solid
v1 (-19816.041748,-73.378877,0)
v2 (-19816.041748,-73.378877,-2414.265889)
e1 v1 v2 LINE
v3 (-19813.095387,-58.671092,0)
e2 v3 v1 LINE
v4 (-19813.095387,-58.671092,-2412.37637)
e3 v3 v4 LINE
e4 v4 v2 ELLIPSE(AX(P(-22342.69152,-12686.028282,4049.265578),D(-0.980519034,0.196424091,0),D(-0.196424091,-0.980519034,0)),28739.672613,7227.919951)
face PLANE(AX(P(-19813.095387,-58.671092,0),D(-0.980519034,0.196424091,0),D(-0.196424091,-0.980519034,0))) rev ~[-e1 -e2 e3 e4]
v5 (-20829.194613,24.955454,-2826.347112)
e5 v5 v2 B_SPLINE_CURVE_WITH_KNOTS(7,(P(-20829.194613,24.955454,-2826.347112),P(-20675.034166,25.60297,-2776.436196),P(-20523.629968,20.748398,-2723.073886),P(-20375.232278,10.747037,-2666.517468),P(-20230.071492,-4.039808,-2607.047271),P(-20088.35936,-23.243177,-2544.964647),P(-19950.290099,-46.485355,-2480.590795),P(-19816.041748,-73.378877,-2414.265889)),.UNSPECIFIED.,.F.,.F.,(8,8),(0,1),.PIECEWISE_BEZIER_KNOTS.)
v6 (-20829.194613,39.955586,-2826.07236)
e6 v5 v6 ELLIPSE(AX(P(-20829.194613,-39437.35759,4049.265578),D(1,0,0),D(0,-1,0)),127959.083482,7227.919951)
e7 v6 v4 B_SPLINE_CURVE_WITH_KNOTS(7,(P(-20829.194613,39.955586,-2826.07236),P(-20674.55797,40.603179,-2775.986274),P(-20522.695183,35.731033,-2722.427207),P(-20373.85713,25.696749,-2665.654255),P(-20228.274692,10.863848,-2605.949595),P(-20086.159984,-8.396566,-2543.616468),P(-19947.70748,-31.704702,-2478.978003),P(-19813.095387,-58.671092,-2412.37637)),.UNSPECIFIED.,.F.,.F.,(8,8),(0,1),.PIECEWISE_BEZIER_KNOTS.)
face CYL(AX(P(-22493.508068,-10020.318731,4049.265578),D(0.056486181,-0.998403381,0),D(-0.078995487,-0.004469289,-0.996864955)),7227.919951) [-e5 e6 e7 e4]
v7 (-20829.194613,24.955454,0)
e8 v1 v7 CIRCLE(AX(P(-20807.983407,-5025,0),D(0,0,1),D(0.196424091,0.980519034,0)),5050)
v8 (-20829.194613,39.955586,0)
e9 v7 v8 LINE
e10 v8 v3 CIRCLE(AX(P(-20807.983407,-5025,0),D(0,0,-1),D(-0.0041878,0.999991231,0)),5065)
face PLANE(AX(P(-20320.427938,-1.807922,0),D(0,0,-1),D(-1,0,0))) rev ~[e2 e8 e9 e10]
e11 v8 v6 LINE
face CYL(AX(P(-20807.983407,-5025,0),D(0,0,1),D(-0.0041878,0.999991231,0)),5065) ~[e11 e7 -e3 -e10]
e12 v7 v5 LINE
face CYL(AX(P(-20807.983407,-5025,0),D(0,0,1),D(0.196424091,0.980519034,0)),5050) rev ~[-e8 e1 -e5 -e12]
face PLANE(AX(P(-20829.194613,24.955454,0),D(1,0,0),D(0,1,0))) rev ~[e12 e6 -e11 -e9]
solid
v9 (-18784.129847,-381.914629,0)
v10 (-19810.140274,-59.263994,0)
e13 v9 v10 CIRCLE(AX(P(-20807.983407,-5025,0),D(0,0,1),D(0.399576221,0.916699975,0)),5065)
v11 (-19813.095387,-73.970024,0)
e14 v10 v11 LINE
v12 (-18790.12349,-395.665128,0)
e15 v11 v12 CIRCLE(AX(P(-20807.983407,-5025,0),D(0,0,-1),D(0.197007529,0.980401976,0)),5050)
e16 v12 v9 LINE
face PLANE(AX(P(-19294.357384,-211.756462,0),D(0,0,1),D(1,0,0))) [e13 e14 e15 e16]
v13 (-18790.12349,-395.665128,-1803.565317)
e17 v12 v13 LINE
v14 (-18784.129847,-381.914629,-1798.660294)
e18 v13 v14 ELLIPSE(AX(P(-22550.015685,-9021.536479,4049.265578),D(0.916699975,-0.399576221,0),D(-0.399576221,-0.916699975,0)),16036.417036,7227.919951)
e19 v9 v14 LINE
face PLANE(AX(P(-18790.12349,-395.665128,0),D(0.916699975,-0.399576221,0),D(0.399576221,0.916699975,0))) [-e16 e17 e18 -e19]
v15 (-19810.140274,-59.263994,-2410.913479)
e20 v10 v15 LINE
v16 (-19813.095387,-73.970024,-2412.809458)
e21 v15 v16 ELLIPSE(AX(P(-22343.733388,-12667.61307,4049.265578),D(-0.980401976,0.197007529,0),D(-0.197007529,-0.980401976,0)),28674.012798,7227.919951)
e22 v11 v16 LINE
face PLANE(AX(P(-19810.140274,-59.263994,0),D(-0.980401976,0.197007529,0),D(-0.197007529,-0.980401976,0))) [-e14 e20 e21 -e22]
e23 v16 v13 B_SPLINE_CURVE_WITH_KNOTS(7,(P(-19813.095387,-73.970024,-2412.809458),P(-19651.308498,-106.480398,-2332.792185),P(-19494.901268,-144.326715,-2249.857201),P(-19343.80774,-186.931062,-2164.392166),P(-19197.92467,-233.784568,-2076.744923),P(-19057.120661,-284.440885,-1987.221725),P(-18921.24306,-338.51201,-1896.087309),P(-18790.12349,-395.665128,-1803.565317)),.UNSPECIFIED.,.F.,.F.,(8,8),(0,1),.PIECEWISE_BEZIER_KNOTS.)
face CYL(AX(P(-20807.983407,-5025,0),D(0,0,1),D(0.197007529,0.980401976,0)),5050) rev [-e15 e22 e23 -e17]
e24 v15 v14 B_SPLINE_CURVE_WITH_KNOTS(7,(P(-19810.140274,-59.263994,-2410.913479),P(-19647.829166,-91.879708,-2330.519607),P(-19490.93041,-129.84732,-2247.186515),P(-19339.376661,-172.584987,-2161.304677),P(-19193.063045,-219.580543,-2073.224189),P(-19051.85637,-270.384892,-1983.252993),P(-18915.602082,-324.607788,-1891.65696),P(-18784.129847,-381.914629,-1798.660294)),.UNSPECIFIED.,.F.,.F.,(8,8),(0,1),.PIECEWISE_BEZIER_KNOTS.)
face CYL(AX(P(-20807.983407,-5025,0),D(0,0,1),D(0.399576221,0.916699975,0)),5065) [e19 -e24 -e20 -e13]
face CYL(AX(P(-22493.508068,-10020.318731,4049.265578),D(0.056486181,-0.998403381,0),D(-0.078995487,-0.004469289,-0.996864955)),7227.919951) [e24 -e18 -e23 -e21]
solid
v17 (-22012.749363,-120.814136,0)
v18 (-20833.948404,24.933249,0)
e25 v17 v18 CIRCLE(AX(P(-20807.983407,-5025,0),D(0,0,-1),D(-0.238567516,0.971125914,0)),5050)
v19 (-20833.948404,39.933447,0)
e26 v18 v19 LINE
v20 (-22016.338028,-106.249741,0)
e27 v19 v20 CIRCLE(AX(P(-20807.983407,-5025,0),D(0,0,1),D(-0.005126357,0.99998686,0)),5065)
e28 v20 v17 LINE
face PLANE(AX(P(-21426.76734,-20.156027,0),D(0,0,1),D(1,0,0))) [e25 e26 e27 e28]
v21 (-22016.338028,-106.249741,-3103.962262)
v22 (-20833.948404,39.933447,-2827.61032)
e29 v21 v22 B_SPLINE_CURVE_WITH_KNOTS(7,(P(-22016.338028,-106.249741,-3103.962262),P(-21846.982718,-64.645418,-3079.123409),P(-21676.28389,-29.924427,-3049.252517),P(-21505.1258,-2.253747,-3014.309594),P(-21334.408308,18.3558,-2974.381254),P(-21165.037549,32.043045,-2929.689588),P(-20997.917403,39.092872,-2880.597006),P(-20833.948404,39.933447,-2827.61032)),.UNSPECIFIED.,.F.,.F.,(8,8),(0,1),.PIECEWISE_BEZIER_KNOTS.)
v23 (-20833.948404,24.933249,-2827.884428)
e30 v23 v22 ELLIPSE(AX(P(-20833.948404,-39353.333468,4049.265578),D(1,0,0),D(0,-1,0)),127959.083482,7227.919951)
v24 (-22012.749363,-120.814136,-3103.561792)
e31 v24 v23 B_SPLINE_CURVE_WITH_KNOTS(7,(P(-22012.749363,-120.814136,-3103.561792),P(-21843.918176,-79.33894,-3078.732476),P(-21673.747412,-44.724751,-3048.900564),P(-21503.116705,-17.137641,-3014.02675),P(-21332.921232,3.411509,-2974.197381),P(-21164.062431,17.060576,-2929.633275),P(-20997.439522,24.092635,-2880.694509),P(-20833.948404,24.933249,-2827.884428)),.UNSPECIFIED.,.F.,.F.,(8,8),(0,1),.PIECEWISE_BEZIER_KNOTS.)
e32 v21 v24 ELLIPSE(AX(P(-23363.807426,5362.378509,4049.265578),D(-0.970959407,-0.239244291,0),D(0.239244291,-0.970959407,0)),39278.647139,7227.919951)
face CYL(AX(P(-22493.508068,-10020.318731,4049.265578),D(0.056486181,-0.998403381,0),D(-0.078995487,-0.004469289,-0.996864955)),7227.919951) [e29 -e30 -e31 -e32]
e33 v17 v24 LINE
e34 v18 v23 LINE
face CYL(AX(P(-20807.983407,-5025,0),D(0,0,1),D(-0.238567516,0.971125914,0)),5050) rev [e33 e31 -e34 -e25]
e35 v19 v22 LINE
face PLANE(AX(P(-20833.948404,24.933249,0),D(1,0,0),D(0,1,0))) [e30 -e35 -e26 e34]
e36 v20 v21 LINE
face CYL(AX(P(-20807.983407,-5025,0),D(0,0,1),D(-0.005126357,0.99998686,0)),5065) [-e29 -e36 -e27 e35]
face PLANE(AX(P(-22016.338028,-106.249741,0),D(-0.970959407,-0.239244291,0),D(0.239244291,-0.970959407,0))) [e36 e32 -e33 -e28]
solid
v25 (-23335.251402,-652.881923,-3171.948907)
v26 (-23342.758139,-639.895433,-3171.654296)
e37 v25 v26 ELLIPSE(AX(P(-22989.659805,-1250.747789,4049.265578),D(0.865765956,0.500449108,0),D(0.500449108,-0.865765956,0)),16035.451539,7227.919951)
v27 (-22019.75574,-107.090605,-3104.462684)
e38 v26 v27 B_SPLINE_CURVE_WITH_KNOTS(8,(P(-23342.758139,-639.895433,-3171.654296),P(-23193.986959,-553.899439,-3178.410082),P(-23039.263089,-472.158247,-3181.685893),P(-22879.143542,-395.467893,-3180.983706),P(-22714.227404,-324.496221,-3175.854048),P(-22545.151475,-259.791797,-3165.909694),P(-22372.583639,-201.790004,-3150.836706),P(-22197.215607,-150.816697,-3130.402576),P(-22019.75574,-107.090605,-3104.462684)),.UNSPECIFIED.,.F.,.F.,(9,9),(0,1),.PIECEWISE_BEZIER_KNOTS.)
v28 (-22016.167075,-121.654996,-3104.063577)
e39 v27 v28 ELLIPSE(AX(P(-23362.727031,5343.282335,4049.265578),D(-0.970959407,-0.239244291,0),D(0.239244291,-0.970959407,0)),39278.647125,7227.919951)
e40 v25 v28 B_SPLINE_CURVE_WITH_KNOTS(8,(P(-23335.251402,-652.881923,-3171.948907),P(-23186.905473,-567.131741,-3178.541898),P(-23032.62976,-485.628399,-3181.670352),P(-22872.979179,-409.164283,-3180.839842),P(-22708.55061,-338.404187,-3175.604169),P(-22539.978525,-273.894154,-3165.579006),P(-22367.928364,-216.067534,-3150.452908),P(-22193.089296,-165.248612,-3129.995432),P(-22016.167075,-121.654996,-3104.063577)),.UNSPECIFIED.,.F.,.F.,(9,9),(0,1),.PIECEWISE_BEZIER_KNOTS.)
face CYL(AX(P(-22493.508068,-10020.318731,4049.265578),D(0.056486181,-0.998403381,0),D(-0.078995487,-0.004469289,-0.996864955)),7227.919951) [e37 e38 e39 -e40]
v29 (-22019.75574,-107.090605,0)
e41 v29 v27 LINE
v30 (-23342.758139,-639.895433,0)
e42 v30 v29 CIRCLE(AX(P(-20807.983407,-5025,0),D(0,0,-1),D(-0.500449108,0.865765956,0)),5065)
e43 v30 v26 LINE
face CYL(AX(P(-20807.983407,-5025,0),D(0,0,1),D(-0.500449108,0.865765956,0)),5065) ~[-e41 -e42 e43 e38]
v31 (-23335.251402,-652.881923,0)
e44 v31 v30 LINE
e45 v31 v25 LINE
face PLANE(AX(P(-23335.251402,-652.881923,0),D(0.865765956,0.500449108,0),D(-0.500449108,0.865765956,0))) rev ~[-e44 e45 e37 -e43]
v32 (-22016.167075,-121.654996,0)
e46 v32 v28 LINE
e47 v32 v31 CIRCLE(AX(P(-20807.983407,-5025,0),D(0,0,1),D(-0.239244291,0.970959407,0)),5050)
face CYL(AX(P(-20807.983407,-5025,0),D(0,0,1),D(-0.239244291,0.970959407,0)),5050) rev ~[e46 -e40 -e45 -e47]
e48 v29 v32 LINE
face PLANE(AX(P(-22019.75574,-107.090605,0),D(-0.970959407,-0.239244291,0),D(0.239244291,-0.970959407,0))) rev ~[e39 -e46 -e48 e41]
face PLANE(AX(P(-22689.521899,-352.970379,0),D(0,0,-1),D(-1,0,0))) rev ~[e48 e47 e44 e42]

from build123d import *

# Parameters (mm, degrees)
BOSS_EXTRUDE1_DEPTH   = 3583.694422
BOSS_EXTRUDE1_2_DEPTH = 3583.694422
BOSS_EXTRUDE1_3_DEPTH = 3583.694422
BOSS_EXTRUDE1_4_DEPTH = 3583.694422
CUT_EXTRUDE1_DEPTH    = 10093.227131579


with BuildPart() as part:
    # Sketch1 → Boss-Extrude1 (new body)
    with BuildSketch(Plane.XY):
        with BuildLine():
            Line((-23335.251402241, -652.881922545), (-23342.758138859, -639.895433206))
            ThreePointArc((-23342.758138859, -639.895433206), (-22700.104960378, -326.691684273), (-22019.755739598, -107.090605176))
            Line((-22019.755739598, -107.090605176), (-22016.167075238, -121.654996276))
            ThreePointArc((-22016.167075238, -121.654996276), (-22694.501441466, -340.605726669), (-23335.251402241, -652.881922545))
        make_face()
    extrude(amount=-BOSS_EXTRUDE1_DEPTH)


with BuildPart() as body_2:
    # Sketch1 → Boss-Extrude1 2 (new body)
    with BuildSketch(Plane.XY):
        with BuildLine():
            Line((-18790.123490112, -395.665128297), (-18784.129846793, -381.914628678))
            ThreePointArc((-18784.129846793, -381.914628678), (-19288.54647688, -193.278110813), (-19810.140273885, -59.263994))
            Line((-19810.140273885, -59.263994), (-19813.095386818, -73.970023633))
            ThreePointArc((-19813.095386818, -73.970023633), (-19293.0462901, -207.587257573), (-18790.123490112, -395.665128297))
        make_face()
    extrude(amount=-BOSS_EXTRUDE1_2_DEPTH)


with BuildPart() as body_3:
    # Sketch1 → Boss-Extrude1 3 (new body)
    with BuildSketch(Plane.XY):
        with BuildLine():
            Line((-20829.194612545, 24.955453799), (-20829.194612545, 39.955585724))
            ThreePointArc((-20829.194612545, 39.955585724), (-20318.653824606, 16.307524828), (-19813.095386818, -58.671091552))
            Line((-19813.095386818, -58.671091552), (-19816.041748182, -73.378877065))
            ThreePointArc((-19816.041748182, -73.378877065), (-20320.13423627, 1.380724409), (-20829.194612545, 24.955453799))
        make_face()
    extrude(amount=-BOSS_EXTRUDE1_3_DEPTH)


with BuildPart() as body_4:
    # Sketch1 → Boss-Extrude1 4 (new body)
    with BuildSketch(Plane.XY):
        with BuildLine():
            Line((-20833.948404266, 24.933249016), (-20833.948404266, 39.933446702))
            ThreePointArc((-20833.948404266, 39.933446702), (-21429.456343968, 1.728199316), (-22016.338028454, -106.249740986))
            Line((-22016.338028454, -106.249740986), (-22012.749363226, -120.814135613))
            ThreePointArc((-22012.749363226, -120.814135613), (-21427.648836894, -13.162536936), (-20833.948404266, 24.933249016))
        make_face()
    extrude(amount=-BOSS_EXTRUDE1_4_DEPTH)


with BuildPart() as cut_extrude1_tool:
    # Sketch2 → Cut-Extrude1 (new body, through all)
    with BuildSketch(Plane(origin=(-13215.769587775, -9495.416647579, 12327.336037209), x_dir=(-0.998403381, -0.056486181, 0), z_dir=(-0.056486181, 0.998403381, 0))):
        with BuildLine():
            Line((4915.975271348, -14030.30481095), (4915.975271348, -16551.962367755))
            Line((4915.975271348, -16551.962367755), (9934.445108247, -16551.962367755))
            Line((9934.445108247, -16551.962367755), (9934.445108247, -15483.330555695))
            Line((9934.445108247, -15483.330555695), (9864.461322562, -15483.330555695))
            ThreePointArc((9864.461322562, -15483.330555695), (7256.210118512, -15213.201614697), (4915.975271348, -14030.30481095))
        make_face()
    extrude(amount=CUT_EXTRUDE1_DEPTH)


with BuildPart() as part_1:
    add(part.part)

    # Cut-Extrude1: cut by cut_extrude1_tool
    add(cut_extrude1_tool.part, mode=Mode.SUBTRACT)


with BuildPart() as body_2_1:
    add(body_2.part)

    # Cut-Extrude1: cut by cut_extrude1_tool
    add(cut_extrude1_tool.part, mode=Mode.SUBTRACT)


with BuildPart() as body_3_1:
    add(body_3.part)

    # Cut-Extrude1: cut by cut_extrude1_tool
    add(cut_extrude1_tool.part, mode=Mode.SUBTRACT)


with BuildPart() as body_4_1:
    add(body_4.part)

    # Cut-Extrude1: cut by cut_extrude1_tool
    add(cut_extrude1_tool.part, mode=Mode.SUBTRACT)


solid = Compound([part_1.part, body_2_1.part, body_3_1.part, body_4_1.part])
